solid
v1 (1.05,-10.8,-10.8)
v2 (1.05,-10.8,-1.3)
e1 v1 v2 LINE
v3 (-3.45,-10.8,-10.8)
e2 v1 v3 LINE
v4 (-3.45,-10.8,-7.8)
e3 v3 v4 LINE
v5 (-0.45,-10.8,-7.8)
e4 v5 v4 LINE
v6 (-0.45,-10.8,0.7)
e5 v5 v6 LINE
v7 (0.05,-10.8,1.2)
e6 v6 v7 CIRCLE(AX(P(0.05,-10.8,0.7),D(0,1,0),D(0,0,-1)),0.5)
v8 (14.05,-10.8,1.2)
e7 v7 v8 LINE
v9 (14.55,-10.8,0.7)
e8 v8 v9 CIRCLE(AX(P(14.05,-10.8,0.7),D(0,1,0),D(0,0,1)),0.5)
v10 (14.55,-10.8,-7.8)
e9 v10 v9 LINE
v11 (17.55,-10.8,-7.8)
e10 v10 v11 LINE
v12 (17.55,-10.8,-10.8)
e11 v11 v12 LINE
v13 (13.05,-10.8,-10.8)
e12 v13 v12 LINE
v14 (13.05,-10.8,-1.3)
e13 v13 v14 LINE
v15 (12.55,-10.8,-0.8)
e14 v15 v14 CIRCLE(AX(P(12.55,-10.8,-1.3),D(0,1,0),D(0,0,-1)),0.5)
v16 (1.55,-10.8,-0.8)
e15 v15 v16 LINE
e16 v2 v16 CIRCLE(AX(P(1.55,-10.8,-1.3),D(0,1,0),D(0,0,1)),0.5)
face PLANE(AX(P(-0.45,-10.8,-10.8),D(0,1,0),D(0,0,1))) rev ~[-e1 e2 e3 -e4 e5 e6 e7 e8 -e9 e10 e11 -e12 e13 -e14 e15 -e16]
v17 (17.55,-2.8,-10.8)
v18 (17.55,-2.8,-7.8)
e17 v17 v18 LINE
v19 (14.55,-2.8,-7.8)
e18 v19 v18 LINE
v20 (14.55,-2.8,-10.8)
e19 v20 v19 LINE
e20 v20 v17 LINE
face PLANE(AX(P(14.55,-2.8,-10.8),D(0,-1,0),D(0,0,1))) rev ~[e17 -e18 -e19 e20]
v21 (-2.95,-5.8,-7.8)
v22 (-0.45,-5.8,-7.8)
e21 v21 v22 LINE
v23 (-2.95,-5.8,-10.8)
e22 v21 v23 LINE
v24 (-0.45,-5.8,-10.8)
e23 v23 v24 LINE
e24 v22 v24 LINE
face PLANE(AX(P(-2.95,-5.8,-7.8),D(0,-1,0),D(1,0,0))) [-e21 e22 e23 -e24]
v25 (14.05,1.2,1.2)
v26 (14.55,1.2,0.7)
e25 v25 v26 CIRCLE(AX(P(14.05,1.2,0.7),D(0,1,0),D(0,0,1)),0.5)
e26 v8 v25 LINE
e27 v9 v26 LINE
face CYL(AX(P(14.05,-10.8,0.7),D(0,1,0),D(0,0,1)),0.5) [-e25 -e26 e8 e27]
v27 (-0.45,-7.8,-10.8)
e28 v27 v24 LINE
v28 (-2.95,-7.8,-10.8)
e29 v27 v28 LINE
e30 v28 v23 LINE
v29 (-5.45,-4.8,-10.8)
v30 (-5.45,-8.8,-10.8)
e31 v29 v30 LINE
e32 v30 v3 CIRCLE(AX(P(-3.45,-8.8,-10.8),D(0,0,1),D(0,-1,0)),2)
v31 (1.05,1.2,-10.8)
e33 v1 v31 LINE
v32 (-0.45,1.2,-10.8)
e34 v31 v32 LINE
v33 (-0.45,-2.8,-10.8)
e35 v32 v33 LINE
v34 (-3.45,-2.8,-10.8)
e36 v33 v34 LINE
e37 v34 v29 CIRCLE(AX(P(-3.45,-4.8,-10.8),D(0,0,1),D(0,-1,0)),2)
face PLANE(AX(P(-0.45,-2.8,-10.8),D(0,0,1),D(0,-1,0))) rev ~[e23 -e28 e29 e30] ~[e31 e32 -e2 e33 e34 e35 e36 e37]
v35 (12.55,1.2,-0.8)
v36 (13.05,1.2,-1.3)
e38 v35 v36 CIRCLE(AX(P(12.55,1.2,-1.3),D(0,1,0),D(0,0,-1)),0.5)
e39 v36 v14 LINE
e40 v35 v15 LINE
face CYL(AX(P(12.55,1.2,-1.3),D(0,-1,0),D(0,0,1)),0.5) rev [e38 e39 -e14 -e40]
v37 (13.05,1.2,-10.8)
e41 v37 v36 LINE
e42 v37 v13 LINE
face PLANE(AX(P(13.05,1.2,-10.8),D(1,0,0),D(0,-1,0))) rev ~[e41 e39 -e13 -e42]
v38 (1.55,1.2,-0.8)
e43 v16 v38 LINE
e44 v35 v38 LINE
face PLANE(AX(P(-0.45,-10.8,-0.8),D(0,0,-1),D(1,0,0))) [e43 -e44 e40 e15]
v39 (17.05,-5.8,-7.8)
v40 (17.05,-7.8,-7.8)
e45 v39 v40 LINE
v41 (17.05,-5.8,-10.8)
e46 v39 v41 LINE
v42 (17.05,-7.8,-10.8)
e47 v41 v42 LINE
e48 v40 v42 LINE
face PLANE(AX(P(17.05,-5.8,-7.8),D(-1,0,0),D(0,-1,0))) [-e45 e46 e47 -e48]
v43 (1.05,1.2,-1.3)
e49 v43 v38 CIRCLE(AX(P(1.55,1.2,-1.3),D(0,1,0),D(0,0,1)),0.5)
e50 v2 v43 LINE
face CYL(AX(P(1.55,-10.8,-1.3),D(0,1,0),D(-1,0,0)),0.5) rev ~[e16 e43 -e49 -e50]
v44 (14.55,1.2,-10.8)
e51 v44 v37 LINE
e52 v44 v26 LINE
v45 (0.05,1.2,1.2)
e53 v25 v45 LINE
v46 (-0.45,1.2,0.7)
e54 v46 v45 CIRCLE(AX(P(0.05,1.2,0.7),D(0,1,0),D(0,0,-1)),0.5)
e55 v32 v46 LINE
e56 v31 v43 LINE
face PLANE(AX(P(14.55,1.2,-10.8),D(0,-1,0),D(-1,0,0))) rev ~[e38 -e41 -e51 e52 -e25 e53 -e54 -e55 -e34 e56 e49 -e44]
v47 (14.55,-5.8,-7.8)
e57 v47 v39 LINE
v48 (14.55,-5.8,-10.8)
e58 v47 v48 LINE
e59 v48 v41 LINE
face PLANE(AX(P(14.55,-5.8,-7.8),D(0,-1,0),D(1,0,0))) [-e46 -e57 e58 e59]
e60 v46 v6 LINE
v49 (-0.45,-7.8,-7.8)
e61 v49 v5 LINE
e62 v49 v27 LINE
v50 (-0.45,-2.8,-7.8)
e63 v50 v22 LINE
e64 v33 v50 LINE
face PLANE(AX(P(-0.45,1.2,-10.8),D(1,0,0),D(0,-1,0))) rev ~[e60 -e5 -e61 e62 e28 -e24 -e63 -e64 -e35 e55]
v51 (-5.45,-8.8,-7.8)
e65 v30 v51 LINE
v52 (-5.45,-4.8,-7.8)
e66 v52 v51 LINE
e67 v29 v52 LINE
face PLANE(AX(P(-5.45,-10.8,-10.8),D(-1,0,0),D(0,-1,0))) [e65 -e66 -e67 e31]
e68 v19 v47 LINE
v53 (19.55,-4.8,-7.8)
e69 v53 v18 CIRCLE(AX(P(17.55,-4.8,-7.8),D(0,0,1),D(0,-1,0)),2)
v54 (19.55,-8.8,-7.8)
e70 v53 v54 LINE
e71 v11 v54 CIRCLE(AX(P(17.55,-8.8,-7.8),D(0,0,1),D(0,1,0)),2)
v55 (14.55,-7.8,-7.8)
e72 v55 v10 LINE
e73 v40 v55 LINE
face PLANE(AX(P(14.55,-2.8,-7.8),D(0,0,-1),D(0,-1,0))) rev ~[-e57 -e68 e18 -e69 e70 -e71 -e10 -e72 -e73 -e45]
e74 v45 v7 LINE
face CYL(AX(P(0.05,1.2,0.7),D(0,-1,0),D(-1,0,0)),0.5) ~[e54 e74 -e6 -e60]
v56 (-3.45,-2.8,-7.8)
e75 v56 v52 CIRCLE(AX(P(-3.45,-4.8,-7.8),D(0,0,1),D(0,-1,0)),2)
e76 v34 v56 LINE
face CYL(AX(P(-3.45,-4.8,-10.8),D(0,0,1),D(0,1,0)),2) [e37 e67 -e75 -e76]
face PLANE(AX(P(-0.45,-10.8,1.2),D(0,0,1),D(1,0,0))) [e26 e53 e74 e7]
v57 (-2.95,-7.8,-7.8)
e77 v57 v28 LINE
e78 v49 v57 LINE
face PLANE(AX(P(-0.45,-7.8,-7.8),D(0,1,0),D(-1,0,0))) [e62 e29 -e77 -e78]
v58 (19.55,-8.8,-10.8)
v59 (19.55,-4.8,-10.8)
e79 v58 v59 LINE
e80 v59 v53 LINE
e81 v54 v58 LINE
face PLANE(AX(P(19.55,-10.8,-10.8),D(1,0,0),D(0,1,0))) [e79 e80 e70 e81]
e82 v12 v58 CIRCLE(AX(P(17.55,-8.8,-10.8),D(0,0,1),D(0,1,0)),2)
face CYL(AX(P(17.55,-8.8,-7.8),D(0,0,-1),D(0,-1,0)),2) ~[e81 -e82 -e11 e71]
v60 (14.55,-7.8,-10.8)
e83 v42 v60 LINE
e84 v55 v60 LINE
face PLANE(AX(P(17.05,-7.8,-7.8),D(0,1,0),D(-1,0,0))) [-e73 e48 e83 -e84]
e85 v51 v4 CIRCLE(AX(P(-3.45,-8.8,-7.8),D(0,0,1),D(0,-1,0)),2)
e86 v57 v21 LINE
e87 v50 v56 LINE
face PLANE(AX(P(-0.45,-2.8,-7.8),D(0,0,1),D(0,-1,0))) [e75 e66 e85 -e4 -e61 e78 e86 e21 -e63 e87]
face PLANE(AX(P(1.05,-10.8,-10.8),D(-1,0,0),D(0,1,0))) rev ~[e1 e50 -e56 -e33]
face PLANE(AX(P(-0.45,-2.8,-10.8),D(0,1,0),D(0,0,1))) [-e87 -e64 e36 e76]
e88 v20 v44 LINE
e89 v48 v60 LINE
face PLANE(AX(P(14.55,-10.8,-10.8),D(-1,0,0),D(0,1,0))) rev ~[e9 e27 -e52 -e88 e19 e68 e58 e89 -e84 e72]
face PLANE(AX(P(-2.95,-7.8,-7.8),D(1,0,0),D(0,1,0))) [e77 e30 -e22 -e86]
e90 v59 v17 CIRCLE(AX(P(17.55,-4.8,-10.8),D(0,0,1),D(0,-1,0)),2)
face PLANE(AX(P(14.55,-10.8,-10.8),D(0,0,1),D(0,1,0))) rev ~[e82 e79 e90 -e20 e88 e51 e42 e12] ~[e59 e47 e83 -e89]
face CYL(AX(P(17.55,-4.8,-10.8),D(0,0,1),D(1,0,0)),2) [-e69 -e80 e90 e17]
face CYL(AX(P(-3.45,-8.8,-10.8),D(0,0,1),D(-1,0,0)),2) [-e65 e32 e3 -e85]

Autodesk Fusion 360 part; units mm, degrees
sketch "Esquisse1" plane through (0, 0, 0) normal (0, 0, 1) x (1, 0, 0)
  line L0 (0, 0) -> (1.5, 0)
  line L1 (1.5, 0) -> (1.5, 1.2)
  line L2 (1.5, 1.2) -> (0, 1.2)
  line L3 (0, 1.2) -> (0, 0)
  dimension "d1" = 1.5
  dimension "d2" = 1.2
extrude "Extrusion1" add sketch "Esquisse1" along normal blind 1.2
sketch "Esquisse2" plane through (0, 0, 0) normal (0, 0, -1) x (1, 0, 0)
  line L0 (0, 0) -> (0, -1.2)
  line L1 (0, -1.2) -> (1.5, -1.2)
  line L2 (1.5, -1.2) -> (1.5, 0)
  line L3 (1.5, 0) -> (0, 0)
  line L4 (1.35, 0) -> (0.15, 0)
  line L5 (0.15, 0) -> (0.15, -1.2)
  line L6 (0.15, -1.2) -> (1.35, -1.2)
  line L7 (1.35, -1.2) -> (1.35, 0)
  line L8 (0.75, -1.2) -> (0.75, 0)
  dimension "d5" = 1.2
  dimension "d7" = 0.6
extrude "Extrusion2" cut sketch "Esquisse2" against normal blind 1 contours L1 L3 L4 L5 L6 L8 | L1 L3 L4 L6 L7 L8
sketch "Esquisse3" plane through (1.5, 0, 0) normal (1, 0, 0) x (0, 1, 0)
  line L0 (0, 0) -> (1.2, 0)
  line L1 (1.2, 0) -> (1.2, 1.2)
  line L2 (1.2, 1.2) -> (0, 1.2)
  line L3 (0, 1.2) -> (0, 0)
  line L4 (0, 0) -> (0.8, 0)
  line L5 (0.8, 0) -> (0.8, 0.3)
  line L6 (0.8, 0.3) -> (0, 0.3)
  line L7 (0, 0.3) -> (0, 0)
  dimension "d10" = 0.8
  dimension "d11" = 0.3
extrude "Extrusion3" add sketch "Esquisse3" along normal blind 0.5 contours L0 L3 L4 L5 L6 L7
sketch "Esquisse4" plane through (0, 0, 0.3) normal (0, 0, 1) x (-1, 0, 0)
  line L0 (-1.5, -0.8) -> (-1.5, 0)
  line L1 (-1.5, 0) -> (-2, 0)
  line L2 (-2, 0) -> (-2, -0.8)
  line L3 (-2, -0.8) -> (-1.5, -0.8)
  line L4 (-1.5, -0.5) -> (-1.75, -0.5)
  line L5 (-1.75, -0.5) -> (-1.75, -0.3)
  line L6 (-1.75, -0.3) -> (-1.5, -0.3)
  line L7 (-1.5, -0.3) -> (-1.5, -0.5)
  line L8 (-1.5, -0.4) -> (-2, -0.4)
  dimension "d14" = 0.4
  dimension "d15" = 0.1
  dimension "d16" = 0.2
  dimension "d27" = 0.25
extrude "Extrusion4" cut sketch "Esquisse4" against normal blind 0.5 contours L0 L4 L5 L7 L8 | L0 L5 L6 L7 L8
sketch "Esquisse5" plane through (0, 0, 0.3) normal (0, 0, 1) x (-1, 0, 0)
  line L0 (-1.75, -0.3) -> (-1.5, -0.3)
  line L1 (-1.5, -0.3) -> (-1.5, 0)
  line L2 (-1.5, 0) -> (-2, 0)
  line L3 (-2, 0) -> (-2, -0.8)
  line L4 (-2, -0.8) -> (-1.5, -0.8)
  line L5 (-1.5, -0.8) -> (-1.5, -0.5)
  line L6 (-1.5, -0.5) -> (-1.75, -0.5)
  line L7 (-1.75, -0.5) -> (-1.75, -0.3)
sketch "Esquisse6" plane through (0, 0, 0) normal (-1, 0, 0) x (0, -1, 0)
  line L0 (-1.2, 0) -> (0, 0)
  line L1 (0, 0) -> (0, 1.2)
  line L2 (0, 1.2) -> (-1.2, 1.2)
  line L3 (-1.2, 1.2) -> (-1.2, 0)
  line L4 (0, 0) -> (-0.8, 0)
  line L5 (-0.8, 0) -> (-0.8, 0.3)
  line L6 (-0.8, 0.3) -> (0, 0.3)
  line L7 (0, 0.3) -> (0, 0)
  dimension "d19" = 0.8
  dimension "d20" = 0.3
extrude "Extrusion5" add sketch "Esquisse6" along normal blind 0.5 contours L0 L1 L4 L5 L6 L7
sketch "Esquisse7" plane through (0, 0, 0.3) normal (0, 0, 1) x (-1, 0, 0)
  line L0 (0, 0) -> (0, -0.8)
  line L1 (0, -0.8) -> (0.5, -0.8)
  line L2 (0.5, -0.8) -> (0.5, 0)
  line L3 (0.5, 0) -> (0, 0)
  line L4 (0, -0.4) -> (0.5, -0.4)
  line L5 (0, -0.3) -> (0.25, -0.3)
  line L6 (0.25, -0.3) -> (0.25, -0.5)
  line L7 (0.25, -0.5) -> (0, -0.5)
  line L8 (0, -0.5) -> (0, -0.3)
  dimension "d23" = 0.25
  dimension "d24" = 0.2
extrude "Extrusion6" cut sketch "Esquisse7" against normal blind 0.6 contours L0 L4 L5 L6 L8 | L0 L4 L6 L7 L8
fillet "Congé1" radius 0.2 4 edges at (2, 0, 0.15) (2, 0.8, 0.15) (-0.5, 0, 0.15) (-0.5, 0.8, 0.15)
fillet "Congé2" radius 0.05 2 edges at (1.5, 0.6, 1.2) (0, 0.6, 1.2)
fillet "Congé3" radius 0.05 2 edges at (1.35, 0.6, 1) (0.15, 0.6, 1)
scale "Echelle1" factor 10 about (0.05, 1.2, 1.2) bodies 1
